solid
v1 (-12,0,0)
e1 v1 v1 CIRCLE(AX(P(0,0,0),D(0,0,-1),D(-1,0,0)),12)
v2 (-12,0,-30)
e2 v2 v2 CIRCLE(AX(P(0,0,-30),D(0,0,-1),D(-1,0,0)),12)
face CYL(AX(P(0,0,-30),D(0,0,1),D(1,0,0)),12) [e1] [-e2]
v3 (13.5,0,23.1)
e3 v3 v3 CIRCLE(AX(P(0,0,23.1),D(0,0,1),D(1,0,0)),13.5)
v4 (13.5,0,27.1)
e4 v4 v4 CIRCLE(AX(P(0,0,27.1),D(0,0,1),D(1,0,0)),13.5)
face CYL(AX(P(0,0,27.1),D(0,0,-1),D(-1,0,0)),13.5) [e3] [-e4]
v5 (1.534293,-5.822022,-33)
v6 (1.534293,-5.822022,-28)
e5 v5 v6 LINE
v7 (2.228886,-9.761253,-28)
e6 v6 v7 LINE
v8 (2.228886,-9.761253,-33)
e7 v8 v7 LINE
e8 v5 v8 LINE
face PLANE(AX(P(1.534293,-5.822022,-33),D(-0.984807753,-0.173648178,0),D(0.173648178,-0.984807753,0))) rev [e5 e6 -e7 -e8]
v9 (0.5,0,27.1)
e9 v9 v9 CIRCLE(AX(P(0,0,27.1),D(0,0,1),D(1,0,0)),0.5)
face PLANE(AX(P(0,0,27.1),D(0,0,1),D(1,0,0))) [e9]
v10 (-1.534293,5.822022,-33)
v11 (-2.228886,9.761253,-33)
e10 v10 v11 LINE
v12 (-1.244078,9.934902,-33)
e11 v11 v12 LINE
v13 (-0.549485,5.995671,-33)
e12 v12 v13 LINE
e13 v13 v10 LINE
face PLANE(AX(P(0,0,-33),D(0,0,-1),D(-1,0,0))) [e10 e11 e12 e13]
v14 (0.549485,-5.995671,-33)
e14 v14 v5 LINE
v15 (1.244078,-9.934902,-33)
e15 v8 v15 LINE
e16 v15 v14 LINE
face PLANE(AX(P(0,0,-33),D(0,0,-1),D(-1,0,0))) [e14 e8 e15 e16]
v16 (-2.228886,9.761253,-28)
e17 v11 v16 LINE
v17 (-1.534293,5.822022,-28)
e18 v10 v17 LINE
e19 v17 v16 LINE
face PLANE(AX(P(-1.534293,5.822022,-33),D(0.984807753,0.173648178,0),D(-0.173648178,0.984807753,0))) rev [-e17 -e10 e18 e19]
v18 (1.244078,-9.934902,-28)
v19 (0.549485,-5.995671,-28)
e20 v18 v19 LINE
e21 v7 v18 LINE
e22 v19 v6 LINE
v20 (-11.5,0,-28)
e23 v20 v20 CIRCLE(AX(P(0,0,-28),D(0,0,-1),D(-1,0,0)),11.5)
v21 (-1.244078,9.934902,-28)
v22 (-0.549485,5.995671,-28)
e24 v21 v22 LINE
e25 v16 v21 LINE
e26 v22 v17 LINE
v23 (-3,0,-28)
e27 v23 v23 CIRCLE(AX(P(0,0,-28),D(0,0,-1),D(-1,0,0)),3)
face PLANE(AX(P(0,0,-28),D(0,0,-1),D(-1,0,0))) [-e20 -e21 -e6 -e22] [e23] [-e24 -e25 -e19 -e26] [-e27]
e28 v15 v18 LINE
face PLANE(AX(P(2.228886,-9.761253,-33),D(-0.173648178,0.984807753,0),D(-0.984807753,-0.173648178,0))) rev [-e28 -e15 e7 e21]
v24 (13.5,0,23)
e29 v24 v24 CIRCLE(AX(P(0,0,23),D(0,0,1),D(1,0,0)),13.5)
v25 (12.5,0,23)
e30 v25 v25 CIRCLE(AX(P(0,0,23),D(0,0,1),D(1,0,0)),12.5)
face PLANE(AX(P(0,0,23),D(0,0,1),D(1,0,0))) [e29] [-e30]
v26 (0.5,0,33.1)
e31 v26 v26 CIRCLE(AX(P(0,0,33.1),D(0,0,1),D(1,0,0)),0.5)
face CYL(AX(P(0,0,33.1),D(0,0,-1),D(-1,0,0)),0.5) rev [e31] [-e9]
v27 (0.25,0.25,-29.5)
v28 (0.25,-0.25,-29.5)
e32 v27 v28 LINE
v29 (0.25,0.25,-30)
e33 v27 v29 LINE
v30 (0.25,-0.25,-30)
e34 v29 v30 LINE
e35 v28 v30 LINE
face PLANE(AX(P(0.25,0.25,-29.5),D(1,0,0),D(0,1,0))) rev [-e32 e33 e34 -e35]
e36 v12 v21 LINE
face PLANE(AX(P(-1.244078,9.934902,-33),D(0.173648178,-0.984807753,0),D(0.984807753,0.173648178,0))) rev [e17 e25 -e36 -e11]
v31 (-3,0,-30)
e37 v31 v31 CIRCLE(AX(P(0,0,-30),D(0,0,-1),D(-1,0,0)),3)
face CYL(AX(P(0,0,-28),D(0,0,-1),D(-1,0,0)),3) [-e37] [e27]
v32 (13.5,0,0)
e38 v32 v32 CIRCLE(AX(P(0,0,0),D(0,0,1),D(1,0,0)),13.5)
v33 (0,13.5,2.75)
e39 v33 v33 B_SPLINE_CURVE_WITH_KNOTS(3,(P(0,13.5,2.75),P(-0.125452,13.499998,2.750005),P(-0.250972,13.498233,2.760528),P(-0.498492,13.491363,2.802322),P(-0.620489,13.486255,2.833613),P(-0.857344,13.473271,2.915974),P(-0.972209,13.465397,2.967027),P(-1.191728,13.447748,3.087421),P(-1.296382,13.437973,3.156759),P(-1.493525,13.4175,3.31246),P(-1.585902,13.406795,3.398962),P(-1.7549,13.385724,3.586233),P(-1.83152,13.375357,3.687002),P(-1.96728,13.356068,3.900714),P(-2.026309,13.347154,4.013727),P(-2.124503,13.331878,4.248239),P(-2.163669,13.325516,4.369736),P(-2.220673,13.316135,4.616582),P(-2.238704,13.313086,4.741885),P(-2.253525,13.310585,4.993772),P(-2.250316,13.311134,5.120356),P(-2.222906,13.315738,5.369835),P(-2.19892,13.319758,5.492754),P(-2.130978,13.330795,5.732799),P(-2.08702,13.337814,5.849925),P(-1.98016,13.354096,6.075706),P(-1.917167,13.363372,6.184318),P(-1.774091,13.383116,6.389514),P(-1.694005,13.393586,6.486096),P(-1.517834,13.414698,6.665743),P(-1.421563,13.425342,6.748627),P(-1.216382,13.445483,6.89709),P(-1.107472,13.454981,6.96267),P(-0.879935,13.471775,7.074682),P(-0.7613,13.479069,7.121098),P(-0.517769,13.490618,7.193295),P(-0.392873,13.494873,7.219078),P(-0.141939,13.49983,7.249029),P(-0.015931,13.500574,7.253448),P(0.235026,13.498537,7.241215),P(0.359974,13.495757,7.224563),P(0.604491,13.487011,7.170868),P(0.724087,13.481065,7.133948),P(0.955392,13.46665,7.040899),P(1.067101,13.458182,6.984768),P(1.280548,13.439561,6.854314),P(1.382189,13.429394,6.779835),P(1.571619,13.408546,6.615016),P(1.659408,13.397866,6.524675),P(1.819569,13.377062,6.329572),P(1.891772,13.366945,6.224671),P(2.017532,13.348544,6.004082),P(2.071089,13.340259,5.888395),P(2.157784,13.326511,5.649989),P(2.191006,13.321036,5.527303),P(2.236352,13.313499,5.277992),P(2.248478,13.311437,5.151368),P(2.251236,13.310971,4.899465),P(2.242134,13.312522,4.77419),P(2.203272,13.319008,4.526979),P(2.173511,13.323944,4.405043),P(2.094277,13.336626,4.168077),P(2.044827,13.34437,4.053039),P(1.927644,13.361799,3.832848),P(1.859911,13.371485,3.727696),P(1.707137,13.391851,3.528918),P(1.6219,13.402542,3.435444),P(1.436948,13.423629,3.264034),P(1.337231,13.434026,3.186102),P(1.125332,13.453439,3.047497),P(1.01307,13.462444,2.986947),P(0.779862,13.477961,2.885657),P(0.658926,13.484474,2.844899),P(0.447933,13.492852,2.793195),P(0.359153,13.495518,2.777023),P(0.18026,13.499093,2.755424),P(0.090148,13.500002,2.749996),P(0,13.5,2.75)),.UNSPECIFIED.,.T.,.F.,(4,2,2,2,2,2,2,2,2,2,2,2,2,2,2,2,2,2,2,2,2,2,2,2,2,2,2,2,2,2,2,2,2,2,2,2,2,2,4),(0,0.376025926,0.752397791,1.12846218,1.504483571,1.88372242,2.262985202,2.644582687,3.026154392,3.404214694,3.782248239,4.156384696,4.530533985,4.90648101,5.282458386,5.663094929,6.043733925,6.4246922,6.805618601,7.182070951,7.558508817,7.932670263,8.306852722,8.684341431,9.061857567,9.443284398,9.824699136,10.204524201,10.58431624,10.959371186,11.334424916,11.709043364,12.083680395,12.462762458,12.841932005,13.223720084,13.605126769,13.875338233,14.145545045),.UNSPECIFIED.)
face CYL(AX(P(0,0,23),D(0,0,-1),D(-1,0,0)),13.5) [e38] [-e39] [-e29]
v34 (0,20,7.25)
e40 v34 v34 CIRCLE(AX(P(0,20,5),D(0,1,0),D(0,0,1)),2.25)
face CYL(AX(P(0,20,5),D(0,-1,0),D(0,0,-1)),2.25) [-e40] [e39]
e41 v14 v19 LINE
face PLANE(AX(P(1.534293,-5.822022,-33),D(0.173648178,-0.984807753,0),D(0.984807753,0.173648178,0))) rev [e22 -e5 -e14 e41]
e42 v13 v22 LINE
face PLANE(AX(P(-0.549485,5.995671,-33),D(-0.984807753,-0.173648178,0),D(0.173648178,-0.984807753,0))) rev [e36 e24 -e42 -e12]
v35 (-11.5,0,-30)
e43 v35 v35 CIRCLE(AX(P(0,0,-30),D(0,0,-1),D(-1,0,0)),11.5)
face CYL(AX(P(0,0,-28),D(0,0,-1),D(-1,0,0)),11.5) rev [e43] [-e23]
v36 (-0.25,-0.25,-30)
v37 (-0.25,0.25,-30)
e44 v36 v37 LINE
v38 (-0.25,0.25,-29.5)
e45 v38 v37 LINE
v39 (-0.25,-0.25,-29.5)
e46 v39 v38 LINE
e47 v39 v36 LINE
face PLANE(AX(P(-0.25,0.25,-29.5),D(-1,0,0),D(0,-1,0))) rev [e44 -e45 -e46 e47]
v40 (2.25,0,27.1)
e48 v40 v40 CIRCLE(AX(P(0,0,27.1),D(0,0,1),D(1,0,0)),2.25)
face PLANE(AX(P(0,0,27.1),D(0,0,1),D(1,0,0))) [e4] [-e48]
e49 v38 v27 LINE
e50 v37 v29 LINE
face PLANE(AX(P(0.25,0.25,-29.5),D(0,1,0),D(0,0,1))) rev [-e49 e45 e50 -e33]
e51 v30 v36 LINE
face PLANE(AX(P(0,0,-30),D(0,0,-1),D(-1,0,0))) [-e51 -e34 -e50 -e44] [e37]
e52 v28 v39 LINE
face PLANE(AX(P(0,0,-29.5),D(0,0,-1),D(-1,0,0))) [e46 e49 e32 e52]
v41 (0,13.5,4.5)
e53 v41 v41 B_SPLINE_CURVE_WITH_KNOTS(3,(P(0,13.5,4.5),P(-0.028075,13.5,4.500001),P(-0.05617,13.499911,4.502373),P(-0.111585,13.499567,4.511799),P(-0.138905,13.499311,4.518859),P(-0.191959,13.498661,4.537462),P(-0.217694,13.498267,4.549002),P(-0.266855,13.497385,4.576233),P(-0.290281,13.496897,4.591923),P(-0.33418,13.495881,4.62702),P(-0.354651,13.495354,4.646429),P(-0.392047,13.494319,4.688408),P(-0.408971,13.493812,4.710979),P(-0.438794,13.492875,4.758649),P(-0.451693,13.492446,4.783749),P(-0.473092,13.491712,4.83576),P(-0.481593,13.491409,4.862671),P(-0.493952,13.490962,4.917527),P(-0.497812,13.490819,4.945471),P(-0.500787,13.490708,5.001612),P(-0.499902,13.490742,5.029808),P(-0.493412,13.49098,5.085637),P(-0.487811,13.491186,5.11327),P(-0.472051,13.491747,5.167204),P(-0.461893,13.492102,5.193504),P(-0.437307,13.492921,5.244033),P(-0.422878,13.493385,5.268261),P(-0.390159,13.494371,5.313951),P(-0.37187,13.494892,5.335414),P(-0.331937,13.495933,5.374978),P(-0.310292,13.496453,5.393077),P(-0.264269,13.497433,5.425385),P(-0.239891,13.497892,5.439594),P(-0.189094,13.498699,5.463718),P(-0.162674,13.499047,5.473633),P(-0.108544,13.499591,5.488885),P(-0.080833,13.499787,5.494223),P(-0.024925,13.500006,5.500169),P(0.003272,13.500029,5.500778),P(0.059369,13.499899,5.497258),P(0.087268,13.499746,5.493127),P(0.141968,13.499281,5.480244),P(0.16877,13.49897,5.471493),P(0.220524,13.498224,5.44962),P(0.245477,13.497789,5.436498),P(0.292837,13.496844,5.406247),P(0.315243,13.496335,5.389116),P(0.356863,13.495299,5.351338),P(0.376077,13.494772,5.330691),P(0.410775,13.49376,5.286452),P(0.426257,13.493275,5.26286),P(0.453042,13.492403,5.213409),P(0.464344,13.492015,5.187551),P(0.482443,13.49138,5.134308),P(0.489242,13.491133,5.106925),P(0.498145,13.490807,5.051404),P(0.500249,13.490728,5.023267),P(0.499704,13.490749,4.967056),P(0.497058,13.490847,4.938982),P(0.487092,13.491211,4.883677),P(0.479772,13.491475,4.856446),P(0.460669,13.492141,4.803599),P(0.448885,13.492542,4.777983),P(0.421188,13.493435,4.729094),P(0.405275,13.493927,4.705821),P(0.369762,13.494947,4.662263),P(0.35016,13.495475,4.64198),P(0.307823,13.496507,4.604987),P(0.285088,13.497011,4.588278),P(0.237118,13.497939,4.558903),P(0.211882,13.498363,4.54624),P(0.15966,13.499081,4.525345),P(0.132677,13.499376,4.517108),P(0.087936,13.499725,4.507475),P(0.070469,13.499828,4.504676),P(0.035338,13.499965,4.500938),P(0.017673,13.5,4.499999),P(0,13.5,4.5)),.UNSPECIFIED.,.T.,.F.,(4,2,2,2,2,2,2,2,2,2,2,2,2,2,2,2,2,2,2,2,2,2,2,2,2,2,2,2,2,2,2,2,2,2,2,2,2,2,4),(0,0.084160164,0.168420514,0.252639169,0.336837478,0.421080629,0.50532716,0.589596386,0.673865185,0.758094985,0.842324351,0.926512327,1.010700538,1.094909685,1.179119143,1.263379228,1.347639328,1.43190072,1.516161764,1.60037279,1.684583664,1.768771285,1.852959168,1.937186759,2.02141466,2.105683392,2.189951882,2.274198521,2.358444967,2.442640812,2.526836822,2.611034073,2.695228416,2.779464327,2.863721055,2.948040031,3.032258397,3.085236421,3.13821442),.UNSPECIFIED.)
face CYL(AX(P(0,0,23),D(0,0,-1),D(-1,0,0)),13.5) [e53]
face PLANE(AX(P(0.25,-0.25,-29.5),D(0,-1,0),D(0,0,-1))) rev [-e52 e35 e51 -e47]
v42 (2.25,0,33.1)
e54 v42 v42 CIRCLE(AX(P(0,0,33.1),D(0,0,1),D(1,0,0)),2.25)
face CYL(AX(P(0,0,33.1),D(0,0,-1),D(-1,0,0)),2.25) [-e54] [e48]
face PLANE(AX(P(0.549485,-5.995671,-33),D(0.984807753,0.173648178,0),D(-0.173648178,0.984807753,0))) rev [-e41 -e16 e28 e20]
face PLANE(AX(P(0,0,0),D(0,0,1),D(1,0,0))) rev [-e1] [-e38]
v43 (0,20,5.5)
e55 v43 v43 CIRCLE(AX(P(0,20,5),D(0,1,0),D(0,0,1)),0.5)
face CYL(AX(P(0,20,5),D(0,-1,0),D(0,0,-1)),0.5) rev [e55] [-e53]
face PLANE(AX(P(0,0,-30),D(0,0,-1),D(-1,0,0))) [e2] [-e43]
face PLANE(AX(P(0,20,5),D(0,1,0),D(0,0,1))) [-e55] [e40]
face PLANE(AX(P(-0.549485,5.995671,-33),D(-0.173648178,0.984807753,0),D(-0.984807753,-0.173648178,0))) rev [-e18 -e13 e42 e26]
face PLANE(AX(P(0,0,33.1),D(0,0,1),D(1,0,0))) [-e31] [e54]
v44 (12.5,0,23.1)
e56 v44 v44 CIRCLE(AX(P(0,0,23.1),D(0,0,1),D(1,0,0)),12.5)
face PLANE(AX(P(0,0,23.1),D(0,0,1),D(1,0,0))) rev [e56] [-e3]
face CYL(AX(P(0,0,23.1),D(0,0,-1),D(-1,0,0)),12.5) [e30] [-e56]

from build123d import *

# Parameters (mm, degrees)
SKETCH1_R           = 13.5
BOSS_EXTRUDE1_DEPTH = 23
SKETCH2_R           = 12.5
BOSS_EXTRUDE2_DEPTH = 0.1
SKETCH3_R           = 13.5
BOSS_EXTRUDE3_DEPTH = 4
SKETCH4_R           = 12
BOSS_EXTRUDE4_DEPTH = 30
SKETCH5_R           = 11.5
SKETCH5_R_2         = 3
CUT_EXTRUDE1_DEPTH  = 2
SKETCH6_R           = 2.25
SKETCH6_R_2         = 0.5
BOSS_EXTRUDE5_DEPTH = 6
SKETCH7_R           = 2.25
SKETCH7_R_2         = 0.5
BOSS_EXTRUDE6_DEPTH = 20
BOSS_EXTRUDE7_DEPTH = 5
SKETCH9_W           = 0.5
SKETCH9_H           = 0.5
CUT_EXTRUDE2_DEPTH  = 0.5


with BuildPart() as part:
    # Sketch1 → Boss-Extrude1 (new body)
    with BuildSketch(Plane.XY):
        Circle(SKETCH1_R)
    extrude(amount=BOSS_EXTRUDE1_DEPTH)

    # Sketch2 → Boss-Extrude2 (add)
    with BuildSketch(Plane.XY.offset(23)):
        Circle(SKETCH2_R)
    extrude(amount=BOSS_EXTRUDE2_DEPTH)

    # Sketch3 → Boss-Extrude3 (add)
    with BuildSketch(Plane.XY.offset(23.1)):
        Circle(SKETCH3_R)
    extrude(amount=BOSS_EXTRUDE3_DEPTH)

    # Sketch4 → Boss-Extrude4 (add)
    with BuildSketch(Plane(origin=(0, 0, 0), x_dir=(-1, 0, 0), z_dir=(0, 0, -1))):
        Circle(SKETCH4_R)
    extrude(amount=BOSS_EXTRUDE4_DEPTH)

    # Sketch5 → Cut-Extrude1 (cut)
    with BuildSketch(Plane(origin=(0, 0, -30), x_dir=(-1, 0, 0), z_dir=(0, 0, -1))):
        Circle(SKETCH5_R)
        Circle(SKETCH5_R_2, mode=Mode.SUBTRACT)
    extrude(amount=-CUT_EXTRUDE1_DEPTH, mode=Mode.SUBTRACT)

    # Sketch6 → Boss-Extrude5 (add)
    with BuildSketch(Plane.XY.offset(27.1)):
        Circle(SKETCH6_R)
        Circle(SKETCH6_R_2, mode=Mode.SUBTRACT)
    extrude(amount=BOSS_EXTRUDE5_DEPTH)

    # Sketch7 → Boss-Extrude6 (add)
    with BuildSketch(Plane(origin=(0, 0, 0), x_dir=(1, 0, 0), z_dir=(0, 1, 0))):
        with Locations((0, -5)):
            Circle(SKETCH7_R)
        with Locations((0, -5)):
            Circle(SKETCH7_R_2, mode=Mode.SUBTRACT)
    extrude(amount=BOSS_EXTRUDE6_DEPTH)

    # Sketch8 → Boss-Extrude7 (add)
    with BuildSketch(Plane(origin=(0, 0, -28), x_dir=(-1, 0, 0), z_dir=(0, 0, -1))):
        Polygon((0.549485189, 5.995670607), (1.2440779, 9.934901619), (2.228885653, 9.761253441), (1.534292943, 5.822022429), align=None)
        Polygon((-2.228885653, -9.761253441), (-1.2440779, -9.934901619), (-0.549485189, -5.995670607), (-1.534292943, -5.822022429), align=None)
    extrude(amount=BOSS_EXTRUDE7_DEPTH)

    # Sketch9 → Cut-Extrude2 (cut)
    with BuildSketch(Plane(origin=(0, 0, -30), x_dir=(-1, 0, 0), z_dir=(0, 0, -1))):
        Rectangle(SKETCH9_W, SKETCH9_H)
    extrude(amount=-CUT_EXTRUDE2_DEPTH, mode=Mode.SUBTRACT)


solid = part.part
